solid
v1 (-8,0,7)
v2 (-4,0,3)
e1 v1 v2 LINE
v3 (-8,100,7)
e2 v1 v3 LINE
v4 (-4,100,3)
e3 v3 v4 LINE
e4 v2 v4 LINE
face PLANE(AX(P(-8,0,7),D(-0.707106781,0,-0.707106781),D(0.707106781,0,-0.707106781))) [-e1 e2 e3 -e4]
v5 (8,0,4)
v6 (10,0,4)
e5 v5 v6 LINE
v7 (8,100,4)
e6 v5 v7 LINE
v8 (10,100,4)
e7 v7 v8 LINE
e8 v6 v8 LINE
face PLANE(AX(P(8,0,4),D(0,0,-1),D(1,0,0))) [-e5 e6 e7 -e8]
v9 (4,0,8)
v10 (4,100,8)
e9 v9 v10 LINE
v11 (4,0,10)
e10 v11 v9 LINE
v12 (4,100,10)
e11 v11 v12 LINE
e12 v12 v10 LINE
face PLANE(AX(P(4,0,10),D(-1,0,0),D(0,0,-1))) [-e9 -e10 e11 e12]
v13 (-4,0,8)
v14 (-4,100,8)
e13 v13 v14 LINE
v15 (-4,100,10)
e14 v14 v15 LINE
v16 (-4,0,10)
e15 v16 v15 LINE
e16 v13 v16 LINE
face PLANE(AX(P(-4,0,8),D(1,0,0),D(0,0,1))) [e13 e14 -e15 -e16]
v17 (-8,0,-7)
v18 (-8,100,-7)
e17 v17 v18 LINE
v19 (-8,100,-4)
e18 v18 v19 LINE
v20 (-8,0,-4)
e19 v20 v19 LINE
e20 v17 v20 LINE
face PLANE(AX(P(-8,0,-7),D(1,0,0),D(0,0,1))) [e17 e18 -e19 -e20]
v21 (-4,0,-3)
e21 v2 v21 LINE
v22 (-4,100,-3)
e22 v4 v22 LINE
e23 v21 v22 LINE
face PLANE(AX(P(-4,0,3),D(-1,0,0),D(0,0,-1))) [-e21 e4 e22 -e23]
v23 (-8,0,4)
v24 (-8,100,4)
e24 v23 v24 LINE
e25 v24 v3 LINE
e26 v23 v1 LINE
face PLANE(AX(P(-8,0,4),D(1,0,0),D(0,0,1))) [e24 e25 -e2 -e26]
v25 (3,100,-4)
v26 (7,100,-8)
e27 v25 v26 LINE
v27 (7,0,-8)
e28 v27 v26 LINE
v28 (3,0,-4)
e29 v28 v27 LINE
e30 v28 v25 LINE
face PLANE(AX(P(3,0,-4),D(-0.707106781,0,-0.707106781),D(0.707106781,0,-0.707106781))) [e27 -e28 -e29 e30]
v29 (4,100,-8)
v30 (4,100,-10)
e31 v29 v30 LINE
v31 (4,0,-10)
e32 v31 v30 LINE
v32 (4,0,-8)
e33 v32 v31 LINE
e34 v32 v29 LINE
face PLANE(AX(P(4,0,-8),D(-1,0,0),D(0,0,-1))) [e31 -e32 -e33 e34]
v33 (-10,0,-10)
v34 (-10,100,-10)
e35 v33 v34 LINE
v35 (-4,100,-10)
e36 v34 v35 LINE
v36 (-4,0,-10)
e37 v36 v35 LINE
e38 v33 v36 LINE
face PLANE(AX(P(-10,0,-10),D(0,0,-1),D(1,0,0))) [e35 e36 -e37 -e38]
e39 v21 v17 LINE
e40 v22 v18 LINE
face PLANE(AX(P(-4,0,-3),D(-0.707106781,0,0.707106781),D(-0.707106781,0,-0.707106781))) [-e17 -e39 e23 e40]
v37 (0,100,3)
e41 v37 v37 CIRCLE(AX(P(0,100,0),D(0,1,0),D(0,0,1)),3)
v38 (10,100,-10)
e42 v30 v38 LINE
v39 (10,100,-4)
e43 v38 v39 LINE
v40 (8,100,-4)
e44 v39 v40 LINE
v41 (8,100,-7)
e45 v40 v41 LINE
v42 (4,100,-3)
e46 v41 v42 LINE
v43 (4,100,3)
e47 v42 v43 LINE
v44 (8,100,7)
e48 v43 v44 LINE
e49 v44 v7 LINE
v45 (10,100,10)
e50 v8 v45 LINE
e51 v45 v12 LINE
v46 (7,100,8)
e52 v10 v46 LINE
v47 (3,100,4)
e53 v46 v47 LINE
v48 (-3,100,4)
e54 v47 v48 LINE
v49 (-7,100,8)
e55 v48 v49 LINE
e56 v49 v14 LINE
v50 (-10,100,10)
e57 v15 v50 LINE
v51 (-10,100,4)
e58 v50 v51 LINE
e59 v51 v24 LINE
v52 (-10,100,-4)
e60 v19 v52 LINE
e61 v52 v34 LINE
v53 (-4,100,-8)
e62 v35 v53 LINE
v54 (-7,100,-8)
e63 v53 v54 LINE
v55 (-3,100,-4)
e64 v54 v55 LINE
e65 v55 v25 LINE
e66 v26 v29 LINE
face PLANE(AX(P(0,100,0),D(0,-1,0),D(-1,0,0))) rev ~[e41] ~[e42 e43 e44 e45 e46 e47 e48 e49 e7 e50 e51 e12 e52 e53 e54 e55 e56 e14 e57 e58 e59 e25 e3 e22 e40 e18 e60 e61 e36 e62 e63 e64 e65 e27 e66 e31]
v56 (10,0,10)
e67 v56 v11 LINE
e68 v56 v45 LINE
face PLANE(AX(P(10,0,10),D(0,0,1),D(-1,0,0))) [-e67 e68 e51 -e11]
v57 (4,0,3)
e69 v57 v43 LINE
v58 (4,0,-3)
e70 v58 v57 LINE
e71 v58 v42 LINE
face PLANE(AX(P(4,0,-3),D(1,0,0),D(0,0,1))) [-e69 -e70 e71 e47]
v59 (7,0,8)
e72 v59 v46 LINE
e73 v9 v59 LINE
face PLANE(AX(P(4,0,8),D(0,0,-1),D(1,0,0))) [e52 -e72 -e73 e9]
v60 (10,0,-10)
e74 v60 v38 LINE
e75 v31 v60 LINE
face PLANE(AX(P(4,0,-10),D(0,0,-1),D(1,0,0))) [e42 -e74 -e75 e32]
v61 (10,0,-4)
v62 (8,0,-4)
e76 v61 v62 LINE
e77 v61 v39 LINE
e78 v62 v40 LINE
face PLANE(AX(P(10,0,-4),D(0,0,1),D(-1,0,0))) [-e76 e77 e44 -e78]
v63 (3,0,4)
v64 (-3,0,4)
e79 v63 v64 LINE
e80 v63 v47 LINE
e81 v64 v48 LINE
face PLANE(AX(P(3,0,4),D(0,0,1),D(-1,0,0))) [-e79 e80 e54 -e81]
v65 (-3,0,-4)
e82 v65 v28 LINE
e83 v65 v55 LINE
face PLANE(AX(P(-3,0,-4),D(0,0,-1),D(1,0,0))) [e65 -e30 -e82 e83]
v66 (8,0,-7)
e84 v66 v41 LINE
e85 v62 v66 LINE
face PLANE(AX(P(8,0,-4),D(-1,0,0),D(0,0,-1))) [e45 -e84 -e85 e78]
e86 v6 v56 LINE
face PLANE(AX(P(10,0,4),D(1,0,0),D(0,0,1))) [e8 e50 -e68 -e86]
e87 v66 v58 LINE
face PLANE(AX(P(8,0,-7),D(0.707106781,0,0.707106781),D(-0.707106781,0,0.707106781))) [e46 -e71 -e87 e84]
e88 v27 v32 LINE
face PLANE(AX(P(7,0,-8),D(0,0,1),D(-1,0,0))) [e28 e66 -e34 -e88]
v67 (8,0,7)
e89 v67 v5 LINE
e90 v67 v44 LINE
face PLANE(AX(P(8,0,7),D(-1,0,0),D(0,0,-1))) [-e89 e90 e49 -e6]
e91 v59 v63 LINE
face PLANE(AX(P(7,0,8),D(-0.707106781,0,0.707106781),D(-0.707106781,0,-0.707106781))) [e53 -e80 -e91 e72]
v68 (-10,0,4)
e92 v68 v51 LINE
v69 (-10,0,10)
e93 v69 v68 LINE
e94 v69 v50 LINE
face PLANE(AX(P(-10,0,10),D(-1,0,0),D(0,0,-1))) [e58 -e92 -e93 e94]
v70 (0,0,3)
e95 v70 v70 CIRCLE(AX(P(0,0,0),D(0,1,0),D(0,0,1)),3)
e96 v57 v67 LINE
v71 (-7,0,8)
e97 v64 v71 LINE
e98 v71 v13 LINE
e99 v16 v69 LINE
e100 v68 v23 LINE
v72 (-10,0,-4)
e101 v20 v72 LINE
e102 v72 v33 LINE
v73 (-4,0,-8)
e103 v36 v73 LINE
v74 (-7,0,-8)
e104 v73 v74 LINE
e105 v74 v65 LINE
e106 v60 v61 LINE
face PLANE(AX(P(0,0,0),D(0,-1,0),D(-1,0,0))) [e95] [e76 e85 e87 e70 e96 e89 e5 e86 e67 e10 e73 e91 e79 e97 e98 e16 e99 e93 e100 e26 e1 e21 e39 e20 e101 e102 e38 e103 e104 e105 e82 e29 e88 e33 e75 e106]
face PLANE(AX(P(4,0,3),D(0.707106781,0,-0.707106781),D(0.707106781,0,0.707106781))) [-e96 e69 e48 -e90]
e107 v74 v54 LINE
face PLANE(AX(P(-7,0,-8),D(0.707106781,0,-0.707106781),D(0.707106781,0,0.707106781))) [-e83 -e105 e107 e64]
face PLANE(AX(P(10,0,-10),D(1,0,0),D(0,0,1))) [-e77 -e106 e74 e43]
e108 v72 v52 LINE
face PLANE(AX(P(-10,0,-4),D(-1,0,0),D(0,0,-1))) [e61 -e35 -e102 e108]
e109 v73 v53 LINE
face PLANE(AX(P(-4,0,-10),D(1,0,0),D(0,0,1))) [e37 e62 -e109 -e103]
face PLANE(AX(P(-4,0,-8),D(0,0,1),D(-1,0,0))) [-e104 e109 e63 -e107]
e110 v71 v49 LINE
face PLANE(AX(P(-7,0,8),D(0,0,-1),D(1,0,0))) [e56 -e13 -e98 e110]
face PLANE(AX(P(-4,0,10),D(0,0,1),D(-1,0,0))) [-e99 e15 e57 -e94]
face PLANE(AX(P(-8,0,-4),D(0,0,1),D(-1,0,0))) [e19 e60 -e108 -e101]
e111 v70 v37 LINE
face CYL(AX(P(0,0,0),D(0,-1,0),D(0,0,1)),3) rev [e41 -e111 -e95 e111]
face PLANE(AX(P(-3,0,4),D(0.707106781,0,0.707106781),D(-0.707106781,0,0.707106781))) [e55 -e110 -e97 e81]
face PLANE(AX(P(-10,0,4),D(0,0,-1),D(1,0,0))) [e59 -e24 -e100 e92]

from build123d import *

# Parameters (mm, degrees)
F_2020_SKETCH_R     = 3
BOSS_EXTRUDE1_DEPTH = 100


with BuildPart() as part:
    # 2020 sketch → Boss-Extrude1 (new body)
    with BuildSketch(Plane(origin=(0, 0, 0), x_dir=(1, 0, 0), z_dir=(0, 1, 0))):
        Polygon((-4, 10), (-4, 8), (-7, 8), (-3, 4), (3, 4), (7, 8), (4, 8), (4, 10), (10, 10), (10, 4), (8, 4), (8, 7), (4, 3), (4, -3), (8, -7), (8, -4), (10, -4), (10, -10), (4, -10), (4, -8), (7, -8), (3, -4), (-3, -4), (-7, -8), (-4, -8), (-4, -10), (-10, -10), (-10, -4), (-8, -4), (-8, -7), (-4, -3), (-4, 3), (-8, 7), (-8, 4), (-10, 4), (-10, 10), align=None)
        with Locations(Location((0, 0, 0), (0, 0, 270))):
            Circle(F_2020_SKETCH_R, mode=Mode.SUBTRACT)
    extrude(amount=BOSS_EXTRUDE1_DEPTH)


solid = part.part
